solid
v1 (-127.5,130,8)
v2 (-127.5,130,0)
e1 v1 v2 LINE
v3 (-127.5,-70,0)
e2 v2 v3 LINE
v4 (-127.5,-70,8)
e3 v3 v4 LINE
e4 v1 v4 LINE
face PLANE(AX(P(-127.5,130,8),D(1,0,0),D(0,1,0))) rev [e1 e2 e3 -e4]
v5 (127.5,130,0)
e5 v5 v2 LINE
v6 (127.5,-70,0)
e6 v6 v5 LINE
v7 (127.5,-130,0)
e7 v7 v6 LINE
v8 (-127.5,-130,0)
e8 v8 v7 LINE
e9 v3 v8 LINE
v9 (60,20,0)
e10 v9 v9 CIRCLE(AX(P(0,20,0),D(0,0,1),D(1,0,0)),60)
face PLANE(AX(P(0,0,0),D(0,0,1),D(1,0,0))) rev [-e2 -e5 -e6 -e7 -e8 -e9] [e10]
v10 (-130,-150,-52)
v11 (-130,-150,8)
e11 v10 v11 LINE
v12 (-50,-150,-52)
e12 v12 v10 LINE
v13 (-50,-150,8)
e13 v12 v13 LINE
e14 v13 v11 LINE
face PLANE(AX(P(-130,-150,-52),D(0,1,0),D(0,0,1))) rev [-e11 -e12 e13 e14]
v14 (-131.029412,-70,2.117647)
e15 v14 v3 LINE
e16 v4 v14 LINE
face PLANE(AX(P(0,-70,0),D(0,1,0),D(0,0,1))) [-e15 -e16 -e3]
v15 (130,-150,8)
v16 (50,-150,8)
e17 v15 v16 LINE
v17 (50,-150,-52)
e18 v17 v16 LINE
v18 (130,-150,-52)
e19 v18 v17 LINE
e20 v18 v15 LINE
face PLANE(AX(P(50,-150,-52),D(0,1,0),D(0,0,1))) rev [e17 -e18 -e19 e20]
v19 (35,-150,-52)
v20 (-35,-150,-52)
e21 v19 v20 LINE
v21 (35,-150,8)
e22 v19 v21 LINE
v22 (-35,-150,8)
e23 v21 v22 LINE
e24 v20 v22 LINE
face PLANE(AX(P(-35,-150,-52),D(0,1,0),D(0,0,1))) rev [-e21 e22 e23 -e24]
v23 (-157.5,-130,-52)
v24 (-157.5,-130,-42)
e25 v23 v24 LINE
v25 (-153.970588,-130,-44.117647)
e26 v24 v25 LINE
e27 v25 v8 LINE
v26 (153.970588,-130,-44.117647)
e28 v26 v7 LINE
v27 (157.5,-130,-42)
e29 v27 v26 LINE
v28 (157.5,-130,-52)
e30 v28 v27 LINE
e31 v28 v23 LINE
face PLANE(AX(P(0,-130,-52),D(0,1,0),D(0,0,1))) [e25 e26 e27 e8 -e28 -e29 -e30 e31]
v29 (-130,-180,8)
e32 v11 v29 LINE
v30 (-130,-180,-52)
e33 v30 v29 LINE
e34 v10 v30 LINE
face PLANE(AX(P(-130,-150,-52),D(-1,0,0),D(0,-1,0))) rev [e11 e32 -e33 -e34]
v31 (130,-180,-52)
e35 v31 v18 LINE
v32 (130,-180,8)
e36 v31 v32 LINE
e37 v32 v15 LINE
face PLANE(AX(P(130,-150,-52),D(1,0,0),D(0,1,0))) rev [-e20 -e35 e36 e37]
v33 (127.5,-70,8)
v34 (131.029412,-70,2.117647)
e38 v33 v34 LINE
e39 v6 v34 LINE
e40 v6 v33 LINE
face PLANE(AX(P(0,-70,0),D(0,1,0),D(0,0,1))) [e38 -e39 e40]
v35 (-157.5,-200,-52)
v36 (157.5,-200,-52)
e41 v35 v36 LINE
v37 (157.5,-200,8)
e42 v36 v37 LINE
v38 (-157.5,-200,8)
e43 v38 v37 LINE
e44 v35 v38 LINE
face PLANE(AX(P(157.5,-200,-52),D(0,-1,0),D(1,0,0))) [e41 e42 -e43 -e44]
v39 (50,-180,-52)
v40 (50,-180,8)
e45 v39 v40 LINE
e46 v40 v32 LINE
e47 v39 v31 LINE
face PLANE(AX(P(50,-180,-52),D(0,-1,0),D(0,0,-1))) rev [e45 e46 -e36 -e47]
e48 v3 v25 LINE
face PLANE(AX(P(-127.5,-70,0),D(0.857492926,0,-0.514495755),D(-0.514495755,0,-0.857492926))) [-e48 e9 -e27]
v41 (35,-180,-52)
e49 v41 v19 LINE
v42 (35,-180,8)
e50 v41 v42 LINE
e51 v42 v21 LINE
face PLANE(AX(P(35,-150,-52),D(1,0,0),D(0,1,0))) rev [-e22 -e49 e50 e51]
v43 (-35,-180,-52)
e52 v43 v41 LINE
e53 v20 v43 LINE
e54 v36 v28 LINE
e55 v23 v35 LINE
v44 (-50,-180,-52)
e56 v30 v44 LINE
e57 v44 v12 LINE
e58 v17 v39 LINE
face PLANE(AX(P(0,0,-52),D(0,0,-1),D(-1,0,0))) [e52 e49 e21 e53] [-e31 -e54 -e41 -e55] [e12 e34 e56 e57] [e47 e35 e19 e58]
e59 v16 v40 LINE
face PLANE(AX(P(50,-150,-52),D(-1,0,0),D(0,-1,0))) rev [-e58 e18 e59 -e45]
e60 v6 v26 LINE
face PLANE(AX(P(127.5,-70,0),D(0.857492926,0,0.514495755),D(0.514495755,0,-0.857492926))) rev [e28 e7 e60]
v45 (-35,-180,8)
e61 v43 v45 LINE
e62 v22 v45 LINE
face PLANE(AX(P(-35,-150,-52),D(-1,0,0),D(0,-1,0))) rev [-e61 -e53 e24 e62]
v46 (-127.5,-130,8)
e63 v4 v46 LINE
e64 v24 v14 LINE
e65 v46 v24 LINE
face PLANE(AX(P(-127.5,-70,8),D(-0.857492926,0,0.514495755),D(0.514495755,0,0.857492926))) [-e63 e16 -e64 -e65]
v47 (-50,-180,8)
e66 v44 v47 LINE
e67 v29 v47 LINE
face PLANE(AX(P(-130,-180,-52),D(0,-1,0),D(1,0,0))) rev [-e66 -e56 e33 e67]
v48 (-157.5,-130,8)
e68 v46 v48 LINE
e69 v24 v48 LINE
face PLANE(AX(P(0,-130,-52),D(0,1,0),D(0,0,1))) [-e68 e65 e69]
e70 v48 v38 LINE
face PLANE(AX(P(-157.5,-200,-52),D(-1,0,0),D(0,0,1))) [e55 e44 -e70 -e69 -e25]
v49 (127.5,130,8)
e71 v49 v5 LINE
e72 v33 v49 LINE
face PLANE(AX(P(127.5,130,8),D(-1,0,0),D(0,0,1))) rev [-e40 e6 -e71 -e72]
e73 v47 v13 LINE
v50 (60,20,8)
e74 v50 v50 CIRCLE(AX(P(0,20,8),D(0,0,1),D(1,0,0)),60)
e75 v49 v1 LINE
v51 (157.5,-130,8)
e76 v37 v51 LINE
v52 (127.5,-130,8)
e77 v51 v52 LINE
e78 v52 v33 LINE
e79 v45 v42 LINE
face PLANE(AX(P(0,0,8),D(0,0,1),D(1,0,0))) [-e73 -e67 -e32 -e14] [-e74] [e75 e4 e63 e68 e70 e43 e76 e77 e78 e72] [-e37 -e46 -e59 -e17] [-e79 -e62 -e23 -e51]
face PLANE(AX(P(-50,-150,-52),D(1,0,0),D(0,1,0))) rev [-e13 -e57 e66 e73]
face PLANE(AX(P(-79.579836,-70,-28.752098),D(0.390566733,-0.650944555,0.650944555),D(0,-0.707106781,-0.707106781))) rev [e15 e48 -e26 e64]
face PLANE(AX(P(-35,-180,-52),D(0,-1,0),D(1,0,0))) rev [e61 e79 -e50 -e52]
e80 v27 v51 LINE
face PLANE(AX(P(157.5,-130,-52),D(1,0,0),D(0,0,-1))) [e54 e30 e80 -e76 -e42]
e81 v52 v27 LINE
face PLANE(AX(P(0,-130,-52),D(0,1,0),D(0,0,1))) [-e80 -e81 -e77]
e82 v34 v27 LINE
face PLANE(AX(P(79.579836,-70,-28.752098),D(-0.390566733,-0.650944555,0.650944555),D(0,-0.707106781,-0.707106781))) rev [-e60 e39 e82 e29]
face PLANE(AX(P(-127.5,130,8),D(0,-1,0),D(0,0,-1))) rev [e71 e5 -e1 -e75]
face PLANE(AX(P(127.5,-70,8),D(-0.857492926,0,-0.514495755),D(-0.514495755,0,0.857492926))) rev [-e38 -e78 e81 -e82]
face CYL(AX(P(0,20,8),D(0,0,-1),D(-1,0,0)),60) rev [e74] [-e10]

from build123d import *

# Parameters (mm, degrees)
SKETCH1_W           = 255
SKETCH1_H           = 260
SKETCH1_R           = 60
BOSS_EXTRUDE1_DEPTH = 8
SKETCH2_W           = 70
SKETCH2_H           = 30
SKETCH2_W_2         = 80
BOSS_EXTRUDE2_DEPTH = 60
BOSS_EXTRUDE3_DEPTH = 60
CUT_EXTRUDE1_DEPTH  = 60
CUT_EXTRUDE2_DEPTH  = 60


with BuildPart() as part:
    # Sketch1 → Boss-Extrude1 (new body)
    with BuildSketch(Plane.XY):
        Rectangle(SKETCH1_W, SKETCH1_H)
        with Locations((0, 20)):
            Circle(SKETCH1_R, mode=Mode.SUBTRACT)
    extrude(amount=BOSS_EXTRUDE1_DEPTH)

    # Sketch2 → Boss-Extrude2 (add)
    with BuildSketch(Plane.XY.offset(8)):
        Polygon((0, -130), (157.5, -130), (157.5, -200), (-157.5, -200), (-157.5, -130), align=None)
        with Locations((0, -165)):
            Rectangle(SKETCH2_W, SKETCH2_H, mode=Mode.SUBTRACT)
        with Locations((90, -165)):
            Rectangle(SKETCH2_W_2, SKETCH2_H, mode=Mode.SUBTRACT)
        with Locations((-90, -165)):
            Rectangle(SKETCH2_W_2, SKETCH2_H, mode=Mode.SUBTRACT)
    extrude(amount=-BOSS_EXTRUDE2_DEPTH)

    # Sketch3 → Boss-Extrude3 (add)
    with BuildSketch(Plane(origin=(0, -130, 0), x_dir=(1, 0, 0), z_dir=(0, 1, 0))):
        Polygon((127.5, -8), (157.5, 42), (153.970588235, 44.117647059), (127.5, 0), align=None)
    boss_extrude3 = extrude(amount=BOSS_EXTRUDE3_DEPTH)

    # Sketch4 → Cut-Extrude1 (cut)
    with BuildSketch(Plane(origin=(97.279411765, 0, 58.367647059), x_dir=(0.5144957554275268, 0, -0.8574929257125441), z_dir=(0.8574929257125441, 0, 0.5144957554275268))):
        Polygon((65.598208817, -70), (117.04778436, -130), (117.04778436, -70), align=None)
    extrude(amount=-CUT_EXTRUDE1_DEPTH, mode=Mode.SUBTRACT)

    # Mirror4: Boss-Extrude3 across plane
    add(boss_extrude3.mirror(Plane(origin=(0, 0, 0), x_dir=(0, 0, 1), z_dir=(1, 0, 0))))

    # Sketch5 → Cut-Extrude2 (cut)
    with BuildSketch(Plane(origin=(-97.279411765, 0, 58.367647059), x_dir=(0.514495755427527, 0, 0.857492925712544), z_dir=(-0.857492925712544, 0, 0.514495755427527))):
        Polygon((-65.598208817, -70), (-117.04778436, -130), (-117.04778436, -70), align=None)
    extrude(amount=-CUT_EXTRUDE2_DEPTH, mode=Mode.SUBTRACT)


solid = part.part
